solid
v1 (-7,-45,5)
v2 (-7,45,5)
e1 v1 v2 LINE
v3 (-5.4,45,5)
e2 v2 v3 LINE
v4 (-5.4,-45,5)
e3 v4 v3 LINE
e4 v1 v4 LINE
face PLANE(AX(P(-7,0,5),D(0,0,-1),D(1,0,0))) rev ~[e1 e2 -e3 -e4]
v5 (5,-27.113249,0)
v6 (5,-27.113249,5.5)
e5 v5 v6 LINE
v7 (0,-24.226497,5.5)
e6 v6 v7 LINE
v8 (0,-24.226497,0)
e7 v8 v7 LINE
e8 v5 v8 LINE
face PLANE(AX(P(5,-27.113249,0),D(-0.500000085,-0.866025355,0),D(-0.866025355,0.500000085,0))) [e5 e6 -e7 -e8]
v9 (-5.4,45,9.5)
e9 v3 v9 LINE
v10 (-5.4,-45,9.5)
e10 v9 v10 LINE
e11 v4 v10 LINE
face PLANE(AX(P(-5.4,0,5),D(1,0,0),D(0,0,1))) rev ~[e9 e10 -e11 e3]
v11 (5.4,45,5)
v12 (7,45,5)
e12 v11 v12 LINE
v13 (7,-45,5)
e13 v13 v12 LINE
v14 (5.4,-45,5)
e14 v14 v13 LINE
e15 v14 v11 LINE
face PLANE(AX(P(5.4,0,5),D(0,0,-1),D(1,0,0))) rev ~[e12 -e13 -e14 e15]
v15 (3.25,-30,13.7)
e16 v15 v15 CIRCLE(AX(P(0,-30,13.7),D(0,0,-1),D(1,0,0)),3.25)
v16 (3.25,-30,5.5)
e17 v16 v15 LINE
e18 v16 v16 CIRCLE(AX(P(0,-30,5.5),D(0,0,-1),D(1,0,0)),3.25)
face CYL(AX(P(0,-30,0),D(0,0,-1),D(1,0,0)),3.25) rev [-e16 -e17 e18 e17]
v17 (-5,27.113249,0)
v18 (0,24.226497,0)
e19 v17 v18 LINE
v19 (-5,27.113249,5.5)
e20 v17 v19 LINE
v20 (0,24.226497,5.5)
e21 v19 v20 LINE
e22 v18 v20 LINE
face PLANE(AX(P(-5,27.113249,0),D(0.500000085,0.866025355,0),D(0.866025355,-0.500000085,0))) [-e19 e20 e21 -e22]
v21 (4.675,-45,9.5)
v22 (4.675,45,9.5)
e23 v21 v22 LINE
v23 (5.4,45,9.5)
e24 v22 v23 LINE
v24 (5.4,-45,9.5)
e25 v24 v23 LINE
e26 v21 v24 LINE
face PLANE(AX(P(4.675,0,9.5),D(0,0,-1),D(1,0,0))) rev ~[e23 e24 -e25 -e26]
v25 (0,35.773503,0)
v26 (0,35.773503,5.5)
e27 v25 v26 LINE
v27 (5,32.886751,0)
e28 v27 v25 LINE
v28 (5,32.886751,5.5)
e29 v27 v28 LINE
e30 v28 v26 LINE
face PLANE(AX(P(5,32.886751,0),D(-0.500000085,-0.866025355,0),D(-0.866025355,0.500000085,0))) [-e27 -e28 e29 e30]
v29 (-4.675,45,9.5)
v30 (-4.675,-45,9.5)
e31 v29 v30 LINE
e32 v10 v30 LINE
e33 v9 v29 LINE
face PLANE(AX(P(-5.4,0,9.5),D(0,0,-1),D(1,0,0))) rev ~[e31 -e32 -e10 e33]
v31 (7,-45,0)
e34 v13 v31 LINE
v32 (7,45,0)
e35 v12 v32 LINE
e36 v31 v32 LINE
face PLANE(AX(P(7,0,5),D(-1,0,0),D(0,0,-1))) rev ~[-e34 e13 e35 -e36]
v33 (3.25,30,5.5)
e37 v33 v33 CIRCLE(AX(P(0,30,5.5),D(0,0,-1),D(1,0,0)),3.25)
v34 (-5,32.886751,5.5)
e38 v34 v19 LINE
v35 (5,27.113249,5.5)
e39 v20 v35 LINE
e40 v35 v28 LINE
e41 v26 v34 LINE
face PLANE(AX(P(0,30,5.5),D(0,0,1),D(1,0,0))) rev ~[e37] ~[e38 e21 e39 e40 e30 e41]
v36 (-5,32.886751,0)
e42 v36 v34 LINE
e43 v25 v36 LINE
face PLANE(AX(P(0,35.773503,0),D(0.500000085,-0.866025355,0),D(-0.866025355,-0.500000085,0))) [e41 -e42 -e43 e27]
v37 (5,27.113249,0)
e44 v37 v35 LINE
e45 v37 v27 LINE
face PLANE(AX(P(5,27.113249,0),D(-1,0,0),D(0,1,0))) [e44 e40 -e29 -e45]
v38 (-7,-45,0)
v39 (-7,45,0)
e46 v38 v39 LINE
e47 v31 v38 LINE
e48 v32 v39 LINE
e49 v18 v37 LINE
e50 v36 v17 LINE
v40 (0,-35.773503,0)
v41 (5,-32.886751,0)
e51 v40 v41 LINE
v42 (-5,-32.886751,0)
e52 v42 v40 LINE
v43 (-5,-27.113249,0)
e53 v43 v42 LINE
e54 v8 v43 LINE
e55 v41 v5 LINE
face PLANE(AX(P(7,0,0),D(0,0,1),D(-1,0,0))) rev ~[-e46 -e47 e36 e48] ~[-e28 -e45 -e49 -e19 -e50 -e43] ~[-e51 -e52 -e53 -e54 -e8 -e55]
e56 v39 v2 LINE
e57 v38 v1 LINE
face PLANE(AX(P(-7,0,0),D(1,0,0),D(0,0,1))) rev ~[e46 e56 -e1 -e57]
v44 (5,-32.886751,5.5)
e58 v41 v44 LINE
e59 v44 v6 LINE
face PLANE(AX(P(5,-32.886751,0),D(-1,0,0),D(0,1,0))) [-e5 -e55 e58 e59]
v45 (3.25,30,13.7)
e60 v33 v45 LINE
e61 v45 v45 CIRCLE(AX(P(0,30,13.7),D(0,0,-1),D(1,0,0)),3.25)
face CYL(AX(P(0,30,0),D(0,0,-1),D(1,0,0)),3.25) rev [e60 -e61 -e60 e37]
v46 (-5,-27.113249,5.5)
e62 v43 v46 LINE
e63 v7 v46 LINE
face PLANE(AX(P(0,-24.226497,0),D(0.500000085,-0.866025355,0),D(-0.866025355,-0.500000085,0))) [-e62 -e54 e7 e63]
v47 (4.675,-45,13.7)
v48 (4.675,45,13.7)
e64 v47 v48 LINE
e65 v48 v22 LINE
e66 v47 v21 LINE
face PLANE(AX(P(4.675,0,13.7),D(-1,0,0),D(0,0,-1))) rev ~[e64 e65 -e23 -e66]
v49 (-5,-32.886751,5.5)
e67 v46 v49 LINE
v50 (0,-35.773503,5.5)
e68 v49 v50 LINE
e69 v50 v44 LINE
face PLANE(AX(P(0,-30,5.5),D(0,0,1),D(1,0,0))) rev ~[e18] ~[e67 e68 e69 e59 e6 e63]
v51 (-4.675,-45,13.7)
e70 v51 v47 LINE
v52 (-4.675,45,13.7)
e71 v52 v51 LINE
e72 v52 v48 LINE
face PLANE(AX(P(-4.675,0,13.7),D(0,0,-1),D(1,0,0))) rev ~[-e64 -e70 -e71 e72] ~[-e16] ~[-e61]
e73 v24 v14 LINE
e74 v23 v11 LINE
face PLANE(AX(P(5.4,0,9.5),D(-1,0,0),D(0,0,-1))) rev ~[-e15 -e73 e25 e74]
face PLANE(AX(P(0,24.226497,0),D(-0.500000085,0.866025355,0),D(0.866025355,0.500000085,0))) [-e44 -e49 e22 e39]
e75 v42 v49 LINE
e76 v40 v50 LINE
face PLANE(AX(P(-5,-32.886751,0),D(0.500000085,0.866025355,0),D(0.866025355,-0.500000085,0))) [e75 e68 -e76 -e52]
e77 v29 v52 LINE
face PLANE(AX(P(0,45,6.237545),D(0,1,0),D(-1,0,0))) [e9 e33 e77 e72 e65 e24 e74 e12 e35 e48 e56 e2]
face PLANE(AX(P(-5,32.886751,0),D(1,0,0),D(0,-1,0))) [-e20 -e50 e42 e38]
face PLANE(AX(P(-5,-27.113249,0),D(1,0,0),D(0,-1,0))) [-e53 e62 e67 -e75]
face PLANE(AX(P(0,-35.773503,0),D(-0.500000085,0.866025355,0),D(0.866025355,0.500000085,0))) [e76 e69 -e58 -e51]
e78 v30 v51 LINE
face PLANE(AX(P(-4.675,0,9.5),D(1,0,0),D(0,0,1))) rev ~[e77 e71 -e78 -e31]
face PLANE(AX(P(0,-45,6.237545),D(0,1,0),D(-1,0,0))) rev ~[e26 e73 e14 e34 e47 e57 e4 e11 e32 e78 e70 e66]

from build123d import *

# Parameters (mm, degrees)
PAD_DEPTH       = 45
SKETCH001_R     = 3.25
POCKET_DEPTH    = 13.701
POCKET001_DEPTH = 5.5


with BuildPart() as part:
    # Sketch → Pad (new body, symmetric)
    with BuildSketch(Plane.XZ):
        Polygon((-4.675, 13.7), (4.675, 13.7), (4.675, 9.5), (5.4, 9.5), (5.4, 5), (7, 5), (7, 0), (-7, 0), (-7, 5), (-5.4, 5), (-5.4, 9.5), (-4.675, 9.5), align=None)
    extrude(amount=PAD_DEPTH, both=True)

    # Sketch001 → Pocket (cut, through all)
    with BuildSketch(Plane.XY):
        with Locations((0, -30)):
            Circle(SKETCH001_R)
        with Locations((0, 30)):
            Circle(SKETCH001_R)
    extrude(amount=POCKET_DEPTH, mode=Mode.SUBTRACT)

    # Sketch002 → Pocket001 (cut)
    with BuildSketch(Plane.XY):
        Polygon((5, 27.113249), (5, 32.886751), (0, 35.773503), (-5, 32.886751), (-5, 27.113249), (0, 24.226497), align=None)
        Polygon((0, -35.773503), (5, -32.886751), (5, -27.113249), (0, -24.226497), (-5, -27.113249), (-5, -32.886751), align=None)
    extrude(amount=POCKET001_DEPTH, mode=Mode.SUBTRACT)


solid = part.part
